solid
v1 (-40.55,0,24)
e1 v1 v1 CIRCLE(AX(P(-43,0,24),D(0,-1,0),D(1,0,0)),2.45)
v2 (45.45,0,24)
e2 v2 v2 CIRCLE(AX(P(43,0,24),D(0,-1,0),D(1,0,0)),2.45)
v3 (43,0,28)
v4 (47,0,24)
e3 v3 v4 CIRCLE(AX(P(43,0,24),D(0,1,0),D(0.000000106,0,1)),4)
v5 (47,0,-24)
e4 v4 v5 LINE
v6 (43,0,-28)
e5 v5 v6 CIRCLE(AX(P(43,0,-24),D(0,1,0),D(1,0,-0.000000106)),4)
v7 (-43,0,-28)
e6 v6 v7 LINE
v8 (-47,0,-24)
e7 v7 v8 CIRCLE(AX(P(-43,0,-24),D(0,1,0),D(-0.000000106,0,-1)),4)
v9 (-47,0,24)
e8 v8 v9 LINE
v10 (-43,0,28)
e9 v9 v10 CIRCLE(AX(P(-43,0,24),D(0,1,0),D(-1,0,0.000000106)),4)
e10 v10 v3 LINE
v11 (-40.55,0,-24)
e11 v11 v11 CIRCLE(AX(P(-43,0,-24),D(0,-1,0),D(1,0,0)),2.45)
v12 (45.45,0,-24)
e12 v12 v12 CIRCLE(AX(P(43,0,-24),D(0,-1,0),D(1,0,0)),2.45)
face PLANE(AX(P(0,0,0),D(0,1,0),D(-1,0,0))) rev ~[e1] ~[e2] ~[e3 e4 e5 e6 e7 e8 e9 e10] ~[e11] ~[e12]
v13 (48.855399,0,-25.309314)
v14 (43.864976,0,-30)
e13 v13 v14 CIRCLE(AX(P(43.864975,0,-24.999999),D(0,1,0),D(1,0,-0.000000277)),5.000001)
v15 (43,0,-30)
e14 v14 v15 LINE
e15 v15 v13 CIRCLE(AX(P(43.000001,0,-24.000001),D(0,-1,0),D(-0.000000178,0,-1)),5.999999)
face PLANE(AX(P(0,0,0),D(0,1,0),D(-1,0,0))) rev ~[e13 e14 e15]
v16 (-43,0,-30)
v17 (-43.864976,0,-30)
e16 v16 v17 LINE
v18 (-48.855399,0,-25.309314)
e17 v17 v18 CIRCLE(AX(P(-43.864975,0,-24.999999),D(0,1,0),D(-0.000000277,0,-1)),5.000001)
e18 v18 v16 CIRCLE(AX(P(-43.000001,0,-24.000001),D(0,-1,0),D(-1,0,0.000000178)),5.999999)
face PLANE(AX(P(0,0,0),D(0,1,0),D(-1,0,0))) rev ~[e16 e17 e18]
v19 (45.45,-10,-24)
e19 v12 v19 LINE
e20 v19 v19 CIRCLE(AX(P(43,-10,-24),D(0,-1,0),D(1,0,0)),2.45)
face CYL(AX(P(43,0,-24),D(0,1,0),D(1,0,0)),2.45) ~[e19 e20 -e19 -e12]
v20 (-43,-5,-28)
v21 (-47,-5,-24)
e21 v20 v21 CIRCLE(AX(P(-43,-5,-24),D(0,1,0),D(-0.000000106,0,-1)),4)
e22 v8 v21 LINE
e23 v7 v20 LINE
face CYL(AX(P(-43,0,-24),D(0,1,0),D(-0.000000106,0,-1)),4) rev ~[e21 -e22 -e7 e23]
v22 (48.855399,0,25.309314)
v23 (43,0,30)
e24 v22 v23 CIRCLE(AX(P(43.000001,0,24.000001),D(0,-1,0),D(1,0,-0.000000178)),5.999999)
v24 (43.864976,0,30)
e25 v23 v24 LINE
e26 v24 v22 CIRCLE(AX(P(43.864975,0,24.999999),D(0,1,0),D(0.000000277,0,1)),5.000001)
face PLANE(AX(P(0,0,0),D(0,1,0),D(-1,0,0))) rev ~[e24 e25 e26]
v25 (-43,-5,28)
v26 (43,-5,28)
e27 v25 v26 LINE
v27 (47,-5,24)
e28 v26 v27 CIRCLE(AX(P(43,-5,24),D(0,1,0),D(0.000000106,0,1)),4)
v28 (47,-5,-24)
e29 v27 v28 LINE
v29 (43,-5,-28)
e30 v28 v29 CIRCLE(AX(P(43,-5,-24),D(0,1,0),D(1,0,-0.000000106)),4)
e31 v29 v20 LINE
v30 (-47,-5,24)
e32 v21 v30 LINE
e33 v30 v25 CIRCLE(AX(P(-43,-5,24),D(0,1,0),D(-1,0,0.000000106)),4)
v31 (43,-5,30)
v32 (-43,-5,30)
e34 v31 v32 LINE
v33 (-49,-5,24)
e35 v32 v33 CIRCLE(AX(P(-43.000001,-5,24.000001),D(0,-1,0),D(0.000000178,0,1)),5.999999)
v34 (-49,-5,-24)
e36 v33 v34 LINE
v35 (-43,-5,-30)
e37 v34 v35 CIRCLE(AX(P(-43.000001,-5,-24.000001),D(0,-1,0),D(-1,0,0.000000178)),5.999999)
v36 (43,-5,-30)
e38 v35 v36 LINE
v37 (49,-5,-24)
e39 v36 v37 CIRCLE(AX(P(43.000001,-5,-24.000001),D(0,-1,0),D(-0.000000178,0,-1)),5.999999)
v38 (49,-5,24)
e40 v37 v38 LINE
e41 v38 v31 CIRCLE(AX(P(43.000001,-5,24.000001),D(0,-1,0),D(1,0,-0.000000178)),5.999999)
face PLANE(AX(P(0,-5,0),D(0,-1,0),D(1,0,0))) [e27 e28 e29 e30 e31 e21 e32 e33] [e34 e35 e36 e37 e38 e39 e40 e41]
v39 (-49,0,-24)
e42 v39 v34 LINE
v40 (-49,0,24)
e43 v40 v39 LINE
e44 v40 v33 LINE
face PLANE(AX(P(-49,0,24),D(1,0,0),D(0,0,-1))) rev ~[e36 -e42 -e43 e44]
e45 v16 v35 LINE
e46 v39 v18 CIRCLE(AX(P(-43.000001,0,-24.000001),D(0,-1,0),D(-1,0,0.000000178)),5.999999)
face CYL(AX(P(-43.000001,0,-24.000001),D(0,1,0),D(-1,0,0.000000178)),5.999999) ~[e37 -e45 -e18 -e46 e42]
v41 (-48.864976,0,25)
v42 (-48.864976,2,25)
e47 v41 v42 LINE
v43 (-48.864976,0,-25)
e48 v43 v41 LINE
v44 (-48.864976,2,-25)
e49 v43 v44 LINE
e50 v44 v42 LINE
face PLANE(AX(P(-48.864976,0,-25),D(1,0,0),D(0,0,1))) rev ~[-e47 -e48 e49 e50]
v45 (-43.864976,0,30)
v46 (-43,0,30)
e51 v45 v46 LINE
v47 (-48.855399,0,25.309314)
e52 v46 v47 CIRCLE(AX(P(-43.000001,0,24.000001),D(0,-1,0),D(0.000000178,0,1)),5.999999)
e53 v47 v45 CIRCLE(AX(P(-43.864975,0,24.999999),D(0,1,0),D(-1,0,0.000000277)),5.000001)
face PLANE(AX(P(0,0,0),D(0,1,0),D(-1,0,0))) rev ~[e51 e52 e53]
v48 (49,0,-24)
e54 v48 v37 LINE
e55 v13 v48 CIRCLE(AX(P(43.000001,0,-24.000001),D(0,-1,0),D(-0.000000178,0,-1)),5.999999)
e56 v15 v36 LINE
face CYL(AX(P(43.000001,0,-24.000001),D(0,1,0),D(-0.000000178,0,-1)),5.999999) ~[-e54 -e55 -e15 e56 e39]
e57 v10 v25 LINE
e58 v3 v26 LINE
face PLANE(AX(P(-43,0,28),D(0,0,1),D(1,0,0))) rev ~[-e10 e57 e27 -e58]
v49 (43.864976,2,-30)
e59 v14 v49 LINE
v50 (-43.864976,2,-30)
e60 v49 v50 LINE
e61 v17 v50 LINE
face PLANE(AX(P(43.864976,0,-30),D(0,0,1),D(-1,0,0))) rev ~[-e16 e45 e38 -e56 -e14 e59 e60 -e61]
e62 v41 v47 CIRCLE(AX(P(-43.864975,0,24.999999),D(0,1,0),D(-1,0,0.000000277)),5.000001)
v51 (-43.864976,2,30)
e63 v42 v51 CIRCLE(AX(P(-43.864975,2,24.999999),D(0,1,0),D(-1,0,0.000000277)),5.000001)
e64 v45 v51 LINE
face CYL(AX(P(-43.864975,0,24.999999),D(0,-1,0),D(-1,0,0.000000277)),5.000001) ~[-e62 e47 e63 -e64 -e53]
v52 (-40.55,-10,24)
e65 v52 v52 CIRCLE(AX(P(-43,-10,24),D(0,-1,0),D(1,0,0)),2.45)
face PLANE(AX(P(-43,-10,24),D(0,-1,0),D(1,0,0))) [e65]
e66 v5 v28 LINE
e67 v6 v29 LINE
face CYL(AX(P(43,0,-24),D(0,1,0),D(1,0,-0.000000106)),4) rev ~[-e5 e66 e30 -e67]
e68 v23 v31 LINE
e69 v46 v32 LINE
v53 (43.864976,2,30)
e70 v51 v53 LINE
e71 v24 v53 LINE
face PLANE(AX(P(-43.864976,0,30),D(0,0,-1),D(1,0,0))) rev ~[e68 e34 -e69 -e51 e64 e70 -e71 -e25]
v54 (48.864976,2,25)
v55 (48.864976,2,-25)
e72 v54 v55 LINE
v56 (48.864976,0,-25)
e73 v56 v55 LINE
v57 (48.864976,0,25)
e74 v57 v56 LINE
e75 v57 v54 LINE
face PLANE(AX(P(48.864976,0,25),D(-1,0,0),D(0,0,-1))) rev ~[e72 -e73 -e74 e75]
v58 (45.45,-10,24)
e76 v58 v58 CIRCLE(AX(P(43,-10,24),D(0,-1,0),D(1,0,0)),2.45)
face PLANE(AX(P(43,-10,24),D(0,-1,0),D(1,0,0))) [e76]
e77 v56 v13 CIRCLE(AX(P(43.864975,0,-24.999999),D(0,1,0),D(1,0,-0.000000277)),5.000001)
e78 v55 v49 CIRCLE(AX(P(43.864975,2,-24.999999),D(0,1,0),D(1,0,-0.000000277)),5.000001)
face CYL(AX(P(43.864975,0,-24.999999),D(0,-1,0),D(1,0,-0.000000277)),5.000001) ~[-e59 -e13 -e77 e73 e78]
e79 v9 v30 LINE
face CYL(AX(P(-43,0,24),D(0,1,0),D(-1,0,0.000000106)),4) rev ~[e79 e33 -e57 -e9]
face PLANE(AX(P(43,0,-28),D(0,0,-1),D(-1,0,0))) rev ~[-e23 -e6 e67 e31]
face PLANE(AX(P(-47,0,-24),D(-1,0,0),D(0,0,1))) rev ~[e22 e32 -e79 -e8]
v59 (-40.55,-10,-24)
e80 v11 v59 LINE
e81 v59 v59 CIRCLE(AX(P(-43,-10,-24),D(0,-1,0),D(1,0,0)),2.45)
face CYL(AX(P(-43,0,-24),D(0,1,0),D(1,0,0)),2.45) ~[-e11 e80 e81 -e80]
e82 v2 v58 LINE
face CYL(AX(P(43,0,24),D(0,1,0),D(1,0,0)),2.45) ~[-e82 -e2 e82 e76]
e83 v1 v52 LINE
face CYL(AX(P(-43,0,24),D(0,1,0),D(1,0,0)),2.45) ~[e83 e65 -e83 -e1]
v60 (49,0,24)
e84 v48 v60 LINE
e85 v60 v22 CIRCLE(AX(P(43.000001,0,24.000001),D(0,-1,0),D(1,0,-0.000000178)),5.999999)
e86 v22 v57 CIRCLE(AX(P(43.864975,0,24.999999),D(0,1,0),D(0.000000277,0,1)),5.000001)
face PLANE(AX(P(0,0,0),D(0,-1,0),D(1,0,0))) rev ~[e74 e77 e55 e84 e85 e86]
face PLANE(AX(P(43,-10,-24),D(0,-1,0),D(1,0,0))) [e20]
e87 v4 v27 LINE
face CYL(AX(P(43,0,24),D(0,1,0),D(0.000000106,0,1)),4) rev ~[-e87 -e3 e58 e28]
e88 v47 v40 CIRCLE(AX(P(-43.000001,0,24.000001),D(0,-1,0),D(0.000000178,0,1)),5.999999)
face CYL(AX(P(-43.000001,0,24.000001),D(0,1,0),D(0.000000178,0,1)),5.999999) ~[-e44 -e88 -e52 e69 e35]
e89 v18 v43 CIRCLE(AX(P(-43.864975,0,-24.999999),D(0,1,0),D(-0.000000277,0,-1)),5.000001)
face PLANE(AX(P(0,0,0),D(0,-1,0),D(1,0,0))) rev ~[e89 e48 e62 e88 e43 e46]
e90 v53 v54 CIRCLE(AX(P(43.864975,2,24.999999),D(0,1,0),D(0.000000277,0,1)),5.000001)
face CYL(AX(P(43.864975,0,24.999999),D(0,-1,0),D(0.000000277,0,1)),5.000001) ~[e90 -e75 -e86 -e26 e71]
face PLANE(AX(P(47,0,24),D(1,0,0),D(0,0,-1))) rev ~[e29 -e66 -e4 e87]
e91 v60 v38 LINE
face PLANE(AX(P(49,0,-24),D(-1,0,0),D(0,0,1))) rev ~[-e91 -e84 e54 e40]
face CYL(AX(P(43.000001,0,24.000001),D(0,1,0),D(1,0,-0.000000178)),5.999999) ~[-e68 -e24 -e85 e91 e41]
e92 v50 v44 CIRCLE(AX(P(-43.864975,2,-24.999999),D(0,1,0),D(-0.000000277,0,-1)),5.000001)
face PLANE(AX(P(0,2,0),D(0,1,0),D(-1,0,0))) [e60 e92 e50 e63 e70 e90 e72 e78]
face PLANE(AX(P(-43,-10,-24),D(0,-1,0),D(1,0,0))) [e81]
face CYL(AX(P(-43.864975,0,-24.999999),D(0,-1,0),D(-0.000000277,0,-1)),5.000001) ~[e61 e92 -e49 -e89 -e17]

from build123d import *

# Parameters (mm, degrees)
F1_R     = 2.45
F2_DEPTH = 10
F3_DEPTH = 5
F5_DEPTH = 2


with BuildPart() as f2:
    # F1 (on Front) → F2 (new body)
    with BuildSketch(Plane.XZ):
        with Locations((-43, 24)):
            Circle(F1_R)
        with Locations((-43, -24)):
            Circle(F1_R)
        with Locations((43, -24)):
            Circle(F1_R)
        with Locations((43, 24)):
            Circle(F1_R)
    extrude(amount=F2_DEPTH)



with BuildPart() as f3:
    # F0 (on Front) → F3 (new body)
    with BuildSketch(Plane.XZ):
        with BuildLine():
            ThreePointArc((49, 24), (47.242641, 28.242641), (43, 30))
            Line((43, 30), (-43, 30))
            ThreePointArc((-43, 30), (-47.242641, 28.242641), (-49, 24))
            Line((-49, 24), (-49, -24))
            ThreePointArc((-49, -24), (-47.242641, -28.242641), (-43, -30))
            Line((-43, -30), (43, -30))
            ThreePointArc((43, -30), (47.242641, -28.242641), (49, -24))
            Line((49, -24), (49, 24))
        make_face()
        with BuildLine():
            ThreePointArc((47, -24), (45.828427, -26.828427), (43, -28))
            Line((43, -28), (-43, -28))
            ThreePointArc((-43, -28), (-45.828427, -26.828427), (-47, -24))
            Line((-47, -24), (-47, 24))
            ThreePointArc((-47, 24), (-45.828427, 26.828427), (-43, 28))
            Line((-43, 28), (43, 28))
            ThreePointArc((43, 28), (45.828427, 26.828427), (47, 24))
            Line((47, 24), (47, -24))
        make_face(mode=Mode.SUBTRACT)
    extrude(amount=F3_DEPTH)


with BuildPart() as f2_1:
    add(f2.part)

    add(f3.part)  # F5 merges F3
    # F4 (on face) → F5 (join)
    with BuildSketch(Plane(origin=(0, 0, 0), x_dir=(-1, 0, 0), z_dir=(0, 1, 0))):
        with BuildLine():
            Line((43.864976, 30), (-43.864976, 30))
            ThreePointArc((-43.864976, 30), (-47.400509, 28.535534), (-48.864976, 25))
            Line((-48.864976, 25), (-48.864976, -25))
            ThreePointArc((-48.864976, -25), (-47.400509, -28.535534), (-43.864976, -30))
            Line((-43.864976, -30), (43.864976, -30))
            ThreePointArc((43.864976, -30), (47.400509, -28.535534), (48.864976, -25))
            Line((48.864976, -25), (48.864976, 25))
            ThreePointArc((48.864976, 25), (47.400509, 28.535534), (43.864976, 30))
        make_face()
    extrude(amount=F5_DEPTH)


solid = f2_1.part
